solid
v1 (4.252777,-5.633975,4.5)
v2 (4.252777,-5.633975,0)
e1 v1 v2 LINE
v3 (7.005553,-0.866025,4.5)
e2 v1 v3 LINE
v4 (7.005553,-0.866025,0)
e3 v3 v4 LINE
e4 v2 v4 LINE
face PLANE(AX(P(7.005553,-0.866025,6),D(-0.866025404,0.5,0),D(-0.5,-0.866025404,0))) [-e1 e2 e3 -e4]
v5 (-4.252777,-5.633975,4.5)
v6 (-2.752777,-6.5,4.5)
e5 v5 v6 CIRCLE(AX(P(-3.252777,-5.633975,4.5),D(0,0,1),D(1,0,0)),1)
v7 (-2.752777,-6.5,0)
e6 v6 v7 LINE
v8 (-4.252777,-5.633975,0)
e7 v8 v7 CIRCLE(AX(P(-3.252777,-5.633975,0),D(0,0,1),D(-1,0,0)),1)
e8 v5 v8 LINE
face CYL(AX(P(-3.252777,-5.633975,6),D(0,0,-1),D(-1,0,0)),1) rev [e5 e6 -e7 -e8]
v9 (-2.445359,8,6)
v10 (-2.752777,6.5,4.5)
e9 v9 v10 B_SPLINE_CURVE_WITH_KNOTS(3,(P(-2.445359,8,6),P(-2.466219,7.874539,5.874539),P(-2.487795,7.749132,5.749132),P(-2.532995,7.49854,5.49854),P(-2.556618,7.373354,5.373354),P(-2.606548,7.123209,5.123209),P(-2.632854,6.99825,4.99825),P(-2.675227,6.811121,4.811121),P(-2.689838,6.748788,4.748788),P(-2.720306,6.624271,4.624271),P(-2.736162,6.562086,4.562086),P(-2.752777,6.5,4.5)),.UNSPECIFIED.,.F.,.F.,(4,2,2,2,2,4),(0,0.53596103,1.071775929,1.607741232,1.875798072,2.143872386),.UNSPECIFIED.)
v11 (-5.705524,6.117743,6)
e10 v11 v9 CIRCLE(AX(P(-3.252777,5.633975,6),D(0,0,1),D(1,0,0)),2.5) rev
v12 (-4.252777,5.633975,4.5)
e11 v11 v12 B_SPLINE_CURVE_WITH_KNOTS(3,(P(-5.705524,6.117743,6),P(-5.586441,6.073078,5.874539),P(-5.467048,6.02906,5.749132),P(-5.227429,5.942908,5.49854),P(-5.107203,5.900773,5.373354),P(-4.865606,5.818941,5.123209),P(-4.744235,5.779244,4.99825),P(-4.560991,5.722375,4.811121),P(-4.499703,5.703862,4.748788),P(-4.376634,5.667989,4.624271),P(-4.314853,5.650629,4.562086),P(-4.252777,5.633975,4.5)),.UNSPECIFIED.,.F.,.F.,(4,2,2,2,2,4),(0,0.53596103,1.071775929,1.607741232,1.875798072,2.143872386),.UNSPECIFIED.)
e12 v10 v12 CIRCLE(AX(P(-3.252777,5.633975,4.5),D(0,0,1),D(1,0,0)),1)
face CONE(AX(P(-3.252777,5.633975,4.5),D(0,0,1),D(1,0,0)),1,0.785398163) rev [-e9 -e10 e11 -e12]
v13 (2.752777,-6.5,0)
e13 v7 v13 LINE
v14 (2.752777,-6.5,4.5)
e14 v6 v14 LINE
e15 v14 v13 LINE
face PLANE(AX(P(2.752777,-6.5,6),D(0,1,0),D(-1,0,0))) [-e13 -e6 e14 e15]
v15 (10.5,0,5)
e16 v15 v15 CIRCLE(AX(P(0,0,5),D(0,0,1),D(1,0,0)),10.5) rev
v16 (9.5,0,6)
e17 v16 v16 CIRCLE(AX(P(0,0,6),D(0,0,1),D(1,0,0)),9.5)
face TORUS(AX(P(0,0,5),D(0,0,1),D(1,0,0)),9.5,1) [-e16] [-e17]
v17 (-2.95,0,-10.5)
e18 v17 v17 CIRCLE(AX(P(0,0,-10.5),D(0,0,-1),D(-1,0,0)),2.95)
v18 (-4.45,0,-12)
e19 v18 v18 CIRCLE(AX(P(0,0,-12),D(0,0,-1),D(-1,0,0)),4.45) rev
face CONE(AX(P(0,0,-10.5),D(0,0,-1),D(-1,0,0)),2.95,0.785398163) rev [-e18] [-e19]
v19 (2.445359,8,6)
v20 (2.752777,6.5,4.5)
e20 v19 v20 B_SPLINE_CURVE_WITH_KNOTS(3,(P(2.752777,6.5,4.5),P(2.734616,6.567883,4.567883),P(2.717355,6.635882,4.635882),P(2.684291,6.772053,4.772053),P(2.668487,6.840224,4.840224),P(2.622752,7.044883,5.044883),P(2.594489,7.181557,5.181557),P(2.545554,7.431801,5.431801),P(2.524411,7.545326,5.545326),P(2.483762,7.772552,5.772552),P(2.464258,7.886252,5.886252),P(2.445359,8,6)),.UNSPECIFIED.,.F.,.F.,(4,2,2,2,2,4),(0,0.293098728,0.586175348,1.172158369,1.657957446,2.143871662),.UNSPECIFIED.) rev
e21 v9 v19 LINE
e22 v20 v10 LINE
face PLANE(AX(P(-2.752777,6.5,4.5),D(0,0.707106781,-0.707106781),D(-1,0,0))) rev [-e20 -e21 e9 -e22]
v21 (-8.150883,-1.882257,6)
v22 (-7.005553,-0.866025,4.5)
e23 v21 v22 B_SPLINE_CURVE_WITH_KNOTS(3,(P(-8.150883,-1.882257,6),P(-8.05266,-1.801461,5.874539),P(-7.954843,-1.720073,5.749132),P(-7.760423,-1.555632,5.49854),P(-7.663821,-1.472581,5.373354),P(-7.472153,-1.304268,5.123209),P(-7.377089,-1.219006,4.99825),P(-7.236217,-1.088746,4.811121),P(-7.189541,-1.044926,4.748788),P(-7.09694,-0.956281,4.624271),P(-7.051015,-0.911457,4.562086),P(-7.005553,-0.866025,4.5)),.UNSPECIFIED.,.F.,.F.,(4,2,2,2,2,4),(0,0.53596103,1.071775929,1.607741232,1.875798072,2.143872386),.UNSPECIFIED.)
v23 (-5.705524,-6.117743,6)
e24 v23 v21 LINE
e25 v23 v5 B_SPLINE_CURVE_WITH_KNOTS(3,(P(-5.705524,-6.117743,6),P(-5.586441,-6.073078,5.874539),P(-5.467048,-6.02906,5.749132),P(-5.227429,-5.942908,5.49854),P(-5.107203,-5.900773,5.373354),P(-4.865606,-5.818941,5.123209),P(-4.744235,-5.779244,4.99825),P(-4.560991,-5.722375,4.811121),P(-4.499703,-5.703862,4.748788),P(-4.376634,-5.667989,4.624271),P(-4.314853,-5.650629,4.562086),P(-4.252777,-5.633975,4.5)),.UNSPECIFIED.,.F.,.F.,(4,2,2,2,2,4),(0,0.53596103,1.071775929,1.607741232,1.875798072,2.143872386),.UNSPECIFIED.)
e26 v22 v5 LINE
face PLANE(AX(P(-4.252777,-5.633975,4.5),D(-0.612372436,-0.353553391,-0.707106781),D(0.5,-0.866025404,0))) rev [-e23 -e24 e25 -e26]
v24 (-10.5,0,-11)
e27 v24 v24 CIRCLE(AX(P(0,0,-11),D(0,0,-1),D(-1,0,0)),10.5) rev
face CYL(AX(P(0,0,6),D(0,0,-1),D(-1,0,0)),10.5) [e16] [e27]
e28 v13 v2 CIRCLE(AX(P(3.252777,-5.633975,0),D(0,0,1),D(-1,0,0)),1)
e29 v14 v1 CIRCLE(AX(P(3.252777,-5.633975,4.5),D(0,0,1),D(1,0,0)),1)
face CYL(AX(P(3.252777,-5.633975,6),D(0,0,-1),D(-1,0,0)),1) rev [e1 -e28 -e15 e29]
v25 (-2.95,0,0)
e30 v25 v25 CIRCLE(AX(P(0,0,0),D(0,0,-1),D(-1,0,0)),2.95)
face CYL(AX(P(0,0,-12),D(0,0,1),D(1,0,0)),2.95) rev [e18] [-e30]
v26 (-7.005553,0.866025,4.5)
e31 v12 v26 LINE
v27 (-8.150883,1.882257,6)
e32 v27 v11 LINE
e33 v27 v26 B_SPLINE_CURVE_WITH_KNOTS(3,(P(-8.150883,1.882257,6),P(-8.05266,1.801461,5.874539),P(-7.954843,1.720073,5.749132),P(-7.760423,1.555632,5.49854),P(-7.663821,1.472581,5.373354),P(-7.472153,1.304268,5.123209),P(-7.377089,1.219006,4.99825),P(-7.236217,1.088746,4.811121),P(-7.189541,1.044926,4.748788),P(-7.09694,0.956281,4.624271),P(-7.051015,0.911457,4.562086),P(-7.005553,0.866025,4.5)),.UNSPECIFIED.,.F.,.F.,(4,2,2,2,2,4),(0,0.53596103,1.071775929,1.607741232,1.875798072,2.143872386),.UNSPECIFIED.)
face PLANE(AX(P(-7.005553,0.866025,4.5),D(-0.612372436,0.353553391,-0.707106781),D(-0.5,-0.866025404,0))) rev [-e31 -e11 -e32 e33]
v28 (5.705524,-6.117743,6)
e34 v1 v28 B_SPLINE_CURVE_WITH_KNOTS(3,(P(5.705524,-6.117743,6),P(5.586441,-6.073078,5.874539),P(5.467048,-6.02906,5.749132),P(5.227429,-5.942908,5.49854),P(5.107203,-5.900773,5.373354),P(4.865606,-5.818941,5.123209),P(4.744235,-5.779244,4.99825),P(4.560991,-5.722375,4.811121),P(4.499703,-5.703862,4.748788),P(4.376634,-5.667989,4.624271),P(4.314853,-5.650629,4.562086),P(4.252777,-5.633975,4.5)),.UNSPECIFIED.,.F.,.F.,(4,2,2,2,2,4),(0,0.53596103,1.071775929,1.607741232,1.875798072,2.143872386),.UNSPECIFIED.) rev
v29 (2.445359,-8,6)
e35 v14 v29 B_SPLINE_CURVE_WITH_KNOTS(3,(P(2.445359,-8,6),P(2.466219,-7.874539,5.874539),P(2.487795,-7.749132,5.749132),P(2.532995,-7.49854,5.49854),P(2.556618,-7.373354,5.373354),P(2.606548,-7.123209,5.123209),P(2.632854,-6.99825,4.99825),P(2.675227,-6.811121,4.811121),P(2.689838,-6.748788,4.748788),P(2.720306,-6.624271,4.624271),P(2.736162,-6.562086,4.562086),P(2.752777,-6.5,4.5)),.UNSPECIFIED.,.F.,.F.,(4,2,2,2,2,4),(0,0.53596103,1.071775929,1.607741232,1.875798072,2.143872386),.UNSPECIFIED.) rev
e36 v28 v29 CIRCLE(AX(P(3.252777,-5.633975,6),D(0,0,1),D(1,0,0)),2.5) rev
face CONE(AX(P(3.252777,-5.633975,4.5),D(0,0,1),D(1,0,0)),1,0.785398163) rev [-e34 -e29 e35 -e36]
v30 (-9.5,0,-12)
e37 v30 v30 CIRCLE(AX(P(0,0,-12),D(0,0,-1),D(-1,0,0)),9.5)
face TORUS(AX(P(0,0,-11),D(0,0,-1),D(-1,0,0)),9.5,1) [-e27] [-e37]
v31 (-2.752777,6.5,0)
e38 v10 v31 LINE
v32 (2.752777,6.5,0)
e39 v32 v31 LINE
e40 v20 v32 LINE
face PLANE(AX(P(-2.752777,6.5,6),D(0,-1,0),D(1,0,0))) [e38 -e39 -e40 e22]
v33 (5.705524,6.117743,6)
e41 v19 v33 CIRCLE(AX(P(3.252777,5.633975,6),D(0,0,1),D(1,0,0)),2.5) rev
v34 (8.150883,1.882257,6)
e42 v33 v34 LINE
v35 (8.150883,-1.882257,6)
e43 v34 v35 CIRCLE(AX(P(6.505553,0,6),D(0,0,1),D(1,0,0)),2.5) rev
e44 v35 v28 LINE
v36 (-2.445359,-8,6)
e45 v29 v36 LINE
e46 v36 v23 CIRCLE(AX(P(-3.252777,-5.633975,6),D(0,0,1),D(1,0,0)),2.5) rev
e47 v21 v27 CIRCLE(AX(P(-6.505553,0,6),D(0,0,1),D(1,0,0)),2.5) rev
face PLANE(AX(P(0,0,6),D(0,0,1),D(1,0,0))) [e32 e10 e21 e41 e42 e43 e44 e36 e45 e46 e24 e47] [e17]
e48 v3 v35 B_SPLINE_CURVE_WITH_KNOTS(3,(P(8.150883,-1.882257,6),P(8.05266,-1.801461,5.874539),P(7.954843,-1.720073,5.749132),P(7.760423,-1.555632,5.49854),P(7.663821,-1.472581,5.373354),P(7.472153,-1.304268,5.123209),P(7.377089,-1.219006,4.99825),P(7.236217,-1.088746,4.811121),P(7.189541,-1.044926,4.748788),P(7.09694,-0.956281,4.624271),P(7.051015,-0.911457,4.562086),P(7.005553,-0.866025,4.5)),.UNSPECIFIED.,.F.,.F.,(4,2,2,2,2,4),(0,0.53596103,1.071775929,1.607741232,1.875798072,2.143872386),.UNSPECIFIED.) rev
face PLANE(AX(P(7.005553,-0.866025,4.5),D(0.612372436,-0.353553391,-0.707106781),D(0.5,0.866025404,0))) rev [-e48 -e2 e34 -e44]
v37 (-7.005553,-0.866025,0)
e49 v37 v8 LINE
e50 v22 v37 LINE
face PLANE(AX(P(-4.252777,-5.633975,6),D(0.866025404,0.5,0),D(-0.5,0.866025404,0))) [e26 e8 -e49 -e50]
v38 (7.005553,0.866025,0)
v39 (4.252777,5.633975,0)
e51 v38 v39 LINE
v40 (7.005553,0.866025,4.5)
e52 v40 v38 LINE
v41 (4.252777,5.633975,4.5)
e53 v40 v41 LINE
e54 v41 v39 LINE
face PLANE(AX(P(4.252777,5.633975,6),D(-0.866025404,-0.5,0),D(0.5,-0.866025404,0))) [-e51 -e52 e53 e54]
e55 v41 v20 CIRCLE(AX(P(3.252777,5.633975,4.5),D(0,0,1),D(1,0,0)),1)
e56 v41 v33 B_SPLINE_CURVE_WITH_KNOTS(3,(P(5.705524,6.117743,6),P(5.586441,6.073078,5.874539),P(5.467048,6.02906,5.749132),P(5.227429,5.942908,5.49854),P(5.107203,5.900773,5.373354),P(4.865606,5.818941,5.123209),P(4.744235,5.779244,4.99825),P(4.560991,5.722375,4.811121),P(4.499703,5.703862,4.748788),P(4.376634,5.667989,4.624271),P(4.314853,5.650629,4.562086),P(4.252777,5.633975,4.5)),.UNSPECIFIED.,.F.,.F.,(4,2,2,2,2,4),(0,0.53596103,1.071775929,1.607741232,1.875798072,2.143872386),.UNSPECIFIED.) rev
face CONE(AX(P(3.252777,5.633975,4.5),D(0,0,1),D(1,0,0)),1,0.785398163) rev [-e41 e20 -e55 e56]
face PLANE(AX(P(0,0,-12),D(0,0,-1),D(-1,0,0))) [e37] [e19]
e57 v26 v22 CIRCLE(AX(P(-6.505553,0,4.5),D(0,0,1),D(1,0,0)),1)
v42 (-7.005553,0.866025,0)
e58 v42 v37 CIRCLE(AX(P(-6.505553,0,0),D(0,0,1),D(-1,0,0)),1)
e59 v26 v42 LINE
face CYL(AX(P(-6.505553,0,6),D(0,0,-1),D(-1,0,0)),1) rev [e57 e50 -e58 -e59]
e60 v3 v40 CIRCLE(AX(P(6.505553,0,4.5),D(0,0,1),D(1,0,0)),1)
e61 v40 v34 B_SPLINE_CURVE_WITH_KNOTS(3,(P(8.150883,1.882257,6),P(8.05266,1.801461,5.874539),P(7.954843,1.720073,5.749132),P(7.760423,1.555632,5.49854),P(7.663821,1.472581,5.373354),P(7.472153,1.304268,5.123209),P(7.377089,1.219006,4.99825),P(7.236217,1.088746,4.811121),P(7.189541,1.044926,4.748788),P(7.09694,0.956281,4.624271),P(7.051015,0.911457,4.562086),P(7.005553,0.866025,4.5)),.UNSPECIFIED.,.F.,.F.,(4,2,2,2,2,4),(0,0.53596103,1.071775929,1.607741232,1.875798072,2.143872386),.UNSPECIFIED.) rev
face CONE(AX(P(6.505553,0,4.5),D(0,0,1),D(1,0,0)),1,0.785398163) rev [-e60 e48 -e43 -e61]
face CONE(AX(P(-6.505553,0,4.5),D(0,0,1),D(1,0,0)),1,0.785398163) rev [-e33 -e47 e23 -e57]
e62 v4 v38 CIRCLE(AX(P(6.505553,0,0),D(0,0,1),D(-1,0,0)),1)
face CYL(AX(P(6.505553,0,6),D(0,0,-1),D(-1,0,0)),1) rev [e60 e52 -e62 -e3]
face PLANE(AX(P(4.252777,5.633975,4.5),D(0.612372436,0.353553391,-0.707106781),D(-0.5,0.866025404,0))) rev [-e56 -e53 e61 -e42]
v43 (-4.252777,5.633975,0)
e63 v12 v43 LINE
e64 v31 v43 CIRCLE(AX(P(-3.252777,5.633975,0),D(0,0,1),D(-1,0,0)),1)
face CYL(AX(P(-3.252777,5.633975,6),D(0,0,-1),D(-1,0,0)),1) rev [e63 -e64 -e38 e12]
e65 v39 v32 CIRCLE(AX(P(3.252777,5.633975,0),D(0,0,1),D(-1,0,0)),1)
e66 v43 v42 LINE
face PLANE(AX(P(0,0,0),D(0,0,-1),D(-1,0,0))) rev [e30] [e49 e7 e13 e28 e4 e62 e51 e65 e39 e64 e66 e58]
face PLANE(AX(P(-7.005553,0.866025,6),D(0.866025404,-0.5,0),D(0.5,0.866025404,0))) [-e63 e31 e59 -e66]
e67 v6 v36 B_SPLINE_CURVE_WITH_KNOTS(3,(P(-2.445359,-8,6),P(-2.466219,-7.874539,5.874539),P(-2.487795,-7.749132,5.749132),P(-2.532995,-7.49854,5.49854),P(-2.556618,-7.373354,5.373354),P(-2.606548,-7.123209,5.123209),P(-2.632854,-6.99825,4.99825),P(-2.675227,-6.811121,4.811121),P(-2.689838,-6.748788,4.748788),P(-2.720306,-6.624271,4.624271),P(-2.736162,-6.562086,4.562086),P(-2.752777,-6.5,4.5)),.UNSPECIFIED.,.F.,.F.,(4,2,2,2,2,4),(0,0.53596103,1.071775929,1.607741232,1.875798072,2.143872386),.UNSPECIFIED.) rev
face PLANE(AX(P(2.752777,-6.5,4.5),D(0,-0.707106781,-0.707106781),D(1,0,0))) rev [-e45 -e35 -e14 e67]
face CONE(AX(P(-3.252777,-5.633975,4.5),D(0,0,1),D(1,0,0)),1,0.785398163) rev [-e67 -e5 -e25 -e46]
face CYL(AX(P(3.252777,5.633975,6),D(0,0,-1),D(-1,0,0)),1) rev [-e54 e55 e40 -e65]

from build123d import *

# Parameters (mm, degrees)
SKETCH1_R           = 10.5
BOSS_EXTRUDE1_DEPTH = 6
BOSS_EXTRUDE2_START = 12
SKETCH2_R           = 10.5
SKETCH2_R_2         = 2.95
BOSS_EXTRUDE2_DEPTH = 12
CHAMFER1_SIZE       = 1.5
FILLET1_R           = 1


with BuildPart() as part:
    # Sketch1 → Boss-Extrude1 (new body)
    with BuildSketch(Plane.XY):
        Circle(SKETCH1_R)
        with BuildLine():
            Line((-2.75277675, 6.5), (2.75277675, 6.5))
            ThreePointArc((2.75277675, 6.5), (3.75277675, 6.5), (4.25277675, 5.633974596))
            Line((4.25277675, 5.633974596), (7.005553499, 0.866025404))
            ThreePointArc((7.005553499, 0.866025404), (7.505553499, 0), (7.005553499, -0.866025404))
            Line((7.005553499, -0.866025404), (4.25277675, -5.633974596))
            ThreePointArc((4.25277675, -5.633974596), (3.75277675, -6.5), (2.75277675, -6.5))
            Line((2.75277675, -6.5), (-2.75277675, -6.5))
            ThreePointArc((-2.75277675, -6.5), (-3.75277675, -6.5), (-4.25277675, -5.633974596))
            Line((-4.25277675, -5.633974596), (-7.005553499, -0.866025404))
            ThreePointArc((-7.005553499, -0.866025404), (-7.505553499, 0), (-7.005553499, 0.866025404))
            Line((-7.005553499, 0.866025404), (-4.25277675, 5.633974596))
            ThreePointArc((-4.25277675, 5.633974596), (-3.75277675, 6.5), (-2.75277675, 6.5))
        make_face(mode=Mode.SUBTRACT)
    extrude(amount=BOSS_EXTRUDE1_DEPTH)

    # Sketch2 → Boss-Extrude2 (add)
    with BuildSketch(Plane(origin=(0, 0, 0), x_dir=(-1, 0, 0), z_dir=(0, 0, -1)).offset(BOSS_EXTRUDE2_START)):
        Circle(SKETCH2_R)
        Circle(SKETCH2_R_2, mode=Mode.SUBTRACT)
    extrude(amount=-BOSS_EXTRUDE2_DEPTH)

    # Chamfer1
    chamfer1_edges = [part.edges().sort_by_distance(p)[0] for p in [
        (-3.75277675, 6.5, 6),
        (-5.629165125, 3.25, 6),
        (-7.505553499, 0, 6),
        (-5.629165125, -3.25, 6),
        (-3.75277675, -6.5, 6),
        (0, -6.5, 6),
        (3.75277675, -6.5, 6),
        (5.629165125, -3.25, 6),
        (7.505553499, 0, 6),
        (5.629165125, 3.25, 6),
        (3.75277675, 6.5, 6),
        (0, 6.5, 6),
        (2.95, 0, -12),
    ]]
    chamfer(chamfer1_edges, length=CHAMFER1_SIZE)

    # Fillet1
    fillet1_edges = [part.edges().sort_by_distance(p)[0] for p in [
        (-10.5, 0, 6),
        (10.5, 0, -12),
    ]]
    fillet(fillet1_edges, radius=FILLET1_R)


solid = part.part
